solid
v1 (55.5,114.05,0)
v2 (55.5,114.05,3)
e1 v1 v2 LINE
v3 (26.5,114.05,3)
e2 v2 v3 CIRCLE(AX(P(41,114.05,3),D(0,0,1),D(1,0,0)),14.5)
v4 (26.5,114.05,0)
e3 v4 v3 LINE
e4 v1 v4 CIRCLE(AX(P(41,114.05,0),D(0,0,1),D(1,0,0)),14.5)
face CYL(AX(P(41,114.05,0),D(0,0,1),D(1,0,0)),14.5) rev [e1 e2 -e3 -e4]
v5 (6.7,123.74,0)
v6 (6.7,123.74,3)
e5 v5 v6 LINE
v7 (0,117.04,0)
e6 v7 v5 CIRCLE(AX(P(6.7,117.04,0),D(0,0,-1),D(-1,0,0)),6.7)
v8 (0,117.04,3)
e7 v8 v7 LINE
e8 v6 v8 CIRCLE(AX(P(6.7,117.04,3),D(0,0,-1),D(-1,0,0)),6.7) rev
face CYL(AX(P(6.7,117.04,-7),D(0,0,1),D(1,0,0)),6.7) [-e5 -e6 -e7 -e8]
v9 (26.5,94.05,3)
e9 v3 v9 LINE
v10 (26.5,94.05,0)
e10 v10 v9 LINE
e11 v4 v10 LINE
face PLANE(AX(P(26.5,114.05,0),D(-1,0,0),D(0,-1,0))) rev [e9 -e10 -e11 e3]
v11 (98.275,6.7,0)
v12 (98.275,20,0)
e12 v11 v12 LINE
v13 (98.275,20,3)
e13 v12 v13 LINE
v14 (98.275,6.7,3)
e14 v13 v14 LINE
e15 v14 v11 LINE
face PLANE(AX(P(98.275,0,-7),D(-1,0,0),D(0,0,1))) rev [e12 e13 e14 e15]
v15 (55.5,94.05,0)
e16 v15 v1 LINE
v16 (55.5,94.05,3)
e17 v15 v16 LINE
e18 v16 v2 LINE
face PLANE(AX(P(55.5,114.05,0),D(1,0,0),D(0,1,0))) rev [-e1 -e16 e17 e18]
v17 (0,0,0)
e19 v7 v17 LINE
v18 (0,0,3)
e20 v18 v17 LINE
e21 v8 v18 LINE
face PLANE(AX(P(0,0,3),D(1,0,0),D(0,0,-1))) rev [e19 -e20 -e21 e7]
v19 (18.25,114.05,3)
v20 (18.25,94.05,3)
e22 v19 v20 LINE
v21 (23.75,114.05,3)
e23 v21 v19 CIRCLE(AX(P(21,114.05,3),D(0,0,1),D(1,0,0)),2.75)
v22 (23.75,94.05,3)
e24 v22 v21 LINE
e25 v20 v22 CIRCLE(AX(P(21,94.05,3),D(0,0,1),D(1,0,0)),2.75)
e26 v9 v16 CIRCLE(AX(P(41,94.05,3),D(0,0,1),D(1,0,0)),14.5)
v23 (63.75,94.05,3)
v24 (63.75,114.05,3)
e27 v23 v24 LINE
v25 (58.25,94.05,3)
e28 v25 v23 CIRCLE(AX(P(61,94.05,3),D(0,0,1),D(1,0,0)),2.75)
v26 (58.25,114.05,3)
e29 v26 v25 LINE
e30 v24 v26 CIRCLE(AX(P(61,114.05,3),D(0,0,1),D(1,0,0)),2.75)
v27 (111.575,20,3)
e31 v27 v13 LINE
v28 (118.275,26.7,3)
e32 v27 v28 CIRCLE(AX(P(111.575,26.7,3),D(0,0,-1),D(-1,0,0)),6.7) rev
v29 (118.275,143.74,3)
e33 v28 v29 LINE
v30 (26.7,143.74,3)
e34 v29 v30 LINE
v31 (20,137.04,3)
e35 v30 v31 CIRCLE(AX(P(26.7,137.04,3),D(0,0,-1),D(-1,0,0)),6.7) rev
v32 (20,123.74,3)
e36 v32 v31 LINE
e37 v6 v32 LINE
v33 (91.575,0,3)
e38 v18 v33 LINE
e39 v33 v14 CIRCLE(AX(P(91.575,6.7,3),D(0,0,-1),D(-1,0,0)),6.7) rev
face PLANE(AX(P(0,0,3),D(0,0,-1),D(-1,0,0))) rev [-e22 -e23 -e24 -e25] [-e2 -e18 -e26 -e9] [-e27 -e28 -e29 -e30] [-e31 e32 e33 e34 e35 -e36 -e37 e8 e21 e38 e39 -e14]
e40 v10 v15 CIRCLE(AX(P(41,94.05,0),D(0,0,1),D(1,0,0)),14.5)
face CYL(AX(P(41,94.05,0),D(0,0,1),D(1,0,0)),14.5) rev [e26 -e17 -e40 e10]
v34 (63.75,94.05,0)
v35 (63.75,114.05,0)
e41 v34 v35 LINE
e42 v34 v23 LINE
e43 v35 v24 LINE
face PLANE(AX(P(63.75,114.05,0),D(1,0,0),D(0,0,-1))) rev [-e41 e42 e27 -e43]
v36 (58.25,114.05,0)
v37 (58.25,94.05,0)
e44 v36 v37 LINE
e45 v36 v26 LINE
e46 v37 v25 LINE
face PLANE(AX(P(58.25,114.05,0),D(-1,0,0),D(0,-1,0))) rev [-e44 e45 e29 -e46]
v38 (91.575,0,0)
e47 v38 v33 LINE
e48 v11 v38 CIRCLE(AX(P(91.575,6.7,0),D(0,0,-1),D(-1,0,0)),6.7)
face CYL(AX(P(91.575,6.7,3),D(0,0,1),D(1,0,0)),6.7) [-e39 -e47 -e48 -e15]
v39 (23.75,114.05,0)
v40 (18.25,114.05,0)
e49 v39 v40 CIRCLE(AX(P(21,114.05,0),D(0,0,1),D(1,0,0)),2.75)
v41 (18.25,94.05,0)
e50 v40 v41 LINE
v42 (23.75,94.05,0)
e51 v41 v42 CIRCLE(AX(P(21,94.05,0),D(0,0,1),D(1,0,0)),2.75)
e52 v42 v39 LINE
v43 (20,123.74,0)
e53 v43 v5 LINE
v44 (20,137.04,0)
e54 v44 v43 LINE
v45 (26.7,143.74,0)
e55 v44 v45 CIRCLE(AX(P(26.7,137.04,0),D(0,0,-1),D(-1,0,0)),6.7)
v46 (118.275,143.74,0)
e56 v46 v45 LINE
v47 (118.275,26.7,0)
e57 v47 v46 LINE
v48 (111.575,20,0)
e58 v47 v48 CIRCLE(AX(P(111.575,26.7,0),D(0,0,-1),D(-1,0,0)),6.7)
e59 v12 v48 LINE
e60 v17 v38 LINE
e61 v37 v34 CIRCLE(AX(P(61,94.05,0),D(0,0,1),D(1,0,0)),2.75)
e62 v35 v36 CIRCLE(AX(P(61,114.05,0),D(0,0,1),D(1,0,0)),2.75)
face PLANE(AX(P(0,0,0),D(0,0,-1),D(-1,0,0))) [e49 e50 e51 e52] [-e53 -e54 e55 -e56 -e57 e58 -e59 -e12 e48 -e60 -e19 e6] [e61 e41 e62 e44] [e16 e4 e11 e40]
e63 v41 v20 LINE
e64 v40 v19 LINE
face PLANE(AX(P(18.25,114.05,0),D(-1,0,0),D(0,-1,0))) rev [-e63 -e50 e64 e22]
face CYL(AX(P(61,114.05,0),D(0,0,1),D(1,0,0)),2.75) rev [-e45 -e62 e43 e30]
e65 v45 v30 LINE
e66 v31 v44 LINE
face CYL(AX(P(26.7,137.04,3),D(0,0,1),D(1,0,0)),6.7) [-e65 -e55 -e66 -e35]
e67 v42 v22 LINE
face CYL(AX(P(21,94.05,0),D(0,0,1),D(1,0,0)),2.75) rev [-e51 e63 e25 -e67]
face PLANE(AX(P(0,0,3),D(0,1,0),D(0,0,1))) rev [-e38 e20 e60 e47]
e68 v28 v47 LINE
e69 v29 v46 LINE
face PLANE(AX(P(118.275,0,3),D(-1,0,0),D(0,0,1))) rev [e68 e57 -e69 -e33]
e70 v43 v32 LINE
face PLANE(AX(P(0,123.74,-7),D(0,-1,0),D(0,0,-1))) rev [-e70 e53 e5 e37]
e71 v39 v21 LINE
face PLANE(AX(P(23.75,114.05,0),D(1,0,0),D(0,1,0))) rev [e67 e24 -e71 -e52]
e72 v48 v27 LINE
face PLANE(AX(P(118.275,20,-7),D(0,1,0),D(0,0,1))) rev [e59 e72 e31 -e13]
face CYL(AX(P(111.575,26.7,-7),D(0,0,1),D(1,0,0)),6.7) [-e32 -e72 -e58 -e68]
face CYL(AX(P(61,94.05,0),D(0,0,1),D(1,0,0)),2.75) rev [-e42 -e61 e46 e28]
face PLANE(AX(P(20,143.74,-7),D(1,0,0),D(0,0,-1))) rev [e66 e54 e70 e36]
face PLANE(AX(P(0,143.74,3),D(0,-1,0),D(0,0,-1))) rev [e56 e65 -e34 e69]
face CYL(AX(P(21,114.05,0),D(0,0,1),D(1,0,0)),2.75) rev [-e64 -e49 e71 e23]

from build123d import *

# Parameters (mm, degrees)
SKETCH1_W           = 118.275
SKETCH1_H           = 143.74
BOSS_EXTRUDE1_DEPTH = 3
CUT_EXTRUDE1_DEPTH  = 3
SKETCH3_W           = 20
SKETCH3_H           = 20
CUT_EXTRUDE2_DEPTH  = 10
FILLET1_R           = 6.7


with BuildPart() as part:
    # Sketch1 → Boss-Extrude1 (new body)
    with BuildSketch(Plane.XY):
        with Locations((59.1375, 71.87)):
            Rectangle(SKETCH1_W, SKETCH1_H)
    extrude(amount=BOSS_EXTRUDE1_DEPTH)

    # Sketch2 → Cut-Extrude1 (cut)
    with BuildSketch(Plane.XY.offset(3)):
        with BuildLine():
            Line((55.5, 114.05), (55.5, 94.05))
            ThreePointArc((55.5, 94.05), (41, 79.55), (26.5, 94.05))
            Line((26.5, 94.05), (26.5, 114.05))
            ThreePointArc((26.5, 114.05), (41, 128.55), (55.5, 114.05))
        make_face()
        with BuildLine():
            Line((63.75, 114.05), (63.75, 94.05))
            ThreePointArc((63.75, 94.05), (61, 91.3), (58.25, 94.05))
            Line((58.25, 94.05), (58.25, 114.05))
            ThreePointArc((58.25, 114.05), (61, 116.8), (63.75, 114.05))
        make_face()
        with BuildLine():
            Line((23.75, 114.05), (23.75, 94.05))
            ThreePointArc((23.75, 94.05), (21, 91.3), (18.25, 94.05))
            Line((18.25, 94.05), (18.25, 114.05))
            ThreePointArc((18.25, 114.05), (21, 116.8), (23.75, 114.05))
        make_face()
    extrude(amount=-CUT_EXTRUDE1_DEPTH, mode=Mode.SUBTRACT)

    # Sketch3 → Cut-Extrude2 (cut)
    with BuildSketch(Plane.XY.offset(3)):
        with Locations((10, 133.74)):
            Rectangle(SKETCH3_W, SKETCH3_H)
        with Locations((108.275, 10)):
            Rectangle(SKETCH3_W, SKETCH3_H)
    extrude(amount=-CUT_EXTRUDE2_DEPTH, mode=Mode.SUBTRACT)

    # Fillet1
    fillet1_edges = [part.edges().sort_by_distance(p)[0] for p in [
        (0, 123.74, 1.5),
        (20, 143.74, 1.5),
        (118.275, 20, 1.5),
        (98.275, 0, 1.5),
    ]]
    fillet(fillet1_edges, radius=FILLET1_R)


solid = part.part
